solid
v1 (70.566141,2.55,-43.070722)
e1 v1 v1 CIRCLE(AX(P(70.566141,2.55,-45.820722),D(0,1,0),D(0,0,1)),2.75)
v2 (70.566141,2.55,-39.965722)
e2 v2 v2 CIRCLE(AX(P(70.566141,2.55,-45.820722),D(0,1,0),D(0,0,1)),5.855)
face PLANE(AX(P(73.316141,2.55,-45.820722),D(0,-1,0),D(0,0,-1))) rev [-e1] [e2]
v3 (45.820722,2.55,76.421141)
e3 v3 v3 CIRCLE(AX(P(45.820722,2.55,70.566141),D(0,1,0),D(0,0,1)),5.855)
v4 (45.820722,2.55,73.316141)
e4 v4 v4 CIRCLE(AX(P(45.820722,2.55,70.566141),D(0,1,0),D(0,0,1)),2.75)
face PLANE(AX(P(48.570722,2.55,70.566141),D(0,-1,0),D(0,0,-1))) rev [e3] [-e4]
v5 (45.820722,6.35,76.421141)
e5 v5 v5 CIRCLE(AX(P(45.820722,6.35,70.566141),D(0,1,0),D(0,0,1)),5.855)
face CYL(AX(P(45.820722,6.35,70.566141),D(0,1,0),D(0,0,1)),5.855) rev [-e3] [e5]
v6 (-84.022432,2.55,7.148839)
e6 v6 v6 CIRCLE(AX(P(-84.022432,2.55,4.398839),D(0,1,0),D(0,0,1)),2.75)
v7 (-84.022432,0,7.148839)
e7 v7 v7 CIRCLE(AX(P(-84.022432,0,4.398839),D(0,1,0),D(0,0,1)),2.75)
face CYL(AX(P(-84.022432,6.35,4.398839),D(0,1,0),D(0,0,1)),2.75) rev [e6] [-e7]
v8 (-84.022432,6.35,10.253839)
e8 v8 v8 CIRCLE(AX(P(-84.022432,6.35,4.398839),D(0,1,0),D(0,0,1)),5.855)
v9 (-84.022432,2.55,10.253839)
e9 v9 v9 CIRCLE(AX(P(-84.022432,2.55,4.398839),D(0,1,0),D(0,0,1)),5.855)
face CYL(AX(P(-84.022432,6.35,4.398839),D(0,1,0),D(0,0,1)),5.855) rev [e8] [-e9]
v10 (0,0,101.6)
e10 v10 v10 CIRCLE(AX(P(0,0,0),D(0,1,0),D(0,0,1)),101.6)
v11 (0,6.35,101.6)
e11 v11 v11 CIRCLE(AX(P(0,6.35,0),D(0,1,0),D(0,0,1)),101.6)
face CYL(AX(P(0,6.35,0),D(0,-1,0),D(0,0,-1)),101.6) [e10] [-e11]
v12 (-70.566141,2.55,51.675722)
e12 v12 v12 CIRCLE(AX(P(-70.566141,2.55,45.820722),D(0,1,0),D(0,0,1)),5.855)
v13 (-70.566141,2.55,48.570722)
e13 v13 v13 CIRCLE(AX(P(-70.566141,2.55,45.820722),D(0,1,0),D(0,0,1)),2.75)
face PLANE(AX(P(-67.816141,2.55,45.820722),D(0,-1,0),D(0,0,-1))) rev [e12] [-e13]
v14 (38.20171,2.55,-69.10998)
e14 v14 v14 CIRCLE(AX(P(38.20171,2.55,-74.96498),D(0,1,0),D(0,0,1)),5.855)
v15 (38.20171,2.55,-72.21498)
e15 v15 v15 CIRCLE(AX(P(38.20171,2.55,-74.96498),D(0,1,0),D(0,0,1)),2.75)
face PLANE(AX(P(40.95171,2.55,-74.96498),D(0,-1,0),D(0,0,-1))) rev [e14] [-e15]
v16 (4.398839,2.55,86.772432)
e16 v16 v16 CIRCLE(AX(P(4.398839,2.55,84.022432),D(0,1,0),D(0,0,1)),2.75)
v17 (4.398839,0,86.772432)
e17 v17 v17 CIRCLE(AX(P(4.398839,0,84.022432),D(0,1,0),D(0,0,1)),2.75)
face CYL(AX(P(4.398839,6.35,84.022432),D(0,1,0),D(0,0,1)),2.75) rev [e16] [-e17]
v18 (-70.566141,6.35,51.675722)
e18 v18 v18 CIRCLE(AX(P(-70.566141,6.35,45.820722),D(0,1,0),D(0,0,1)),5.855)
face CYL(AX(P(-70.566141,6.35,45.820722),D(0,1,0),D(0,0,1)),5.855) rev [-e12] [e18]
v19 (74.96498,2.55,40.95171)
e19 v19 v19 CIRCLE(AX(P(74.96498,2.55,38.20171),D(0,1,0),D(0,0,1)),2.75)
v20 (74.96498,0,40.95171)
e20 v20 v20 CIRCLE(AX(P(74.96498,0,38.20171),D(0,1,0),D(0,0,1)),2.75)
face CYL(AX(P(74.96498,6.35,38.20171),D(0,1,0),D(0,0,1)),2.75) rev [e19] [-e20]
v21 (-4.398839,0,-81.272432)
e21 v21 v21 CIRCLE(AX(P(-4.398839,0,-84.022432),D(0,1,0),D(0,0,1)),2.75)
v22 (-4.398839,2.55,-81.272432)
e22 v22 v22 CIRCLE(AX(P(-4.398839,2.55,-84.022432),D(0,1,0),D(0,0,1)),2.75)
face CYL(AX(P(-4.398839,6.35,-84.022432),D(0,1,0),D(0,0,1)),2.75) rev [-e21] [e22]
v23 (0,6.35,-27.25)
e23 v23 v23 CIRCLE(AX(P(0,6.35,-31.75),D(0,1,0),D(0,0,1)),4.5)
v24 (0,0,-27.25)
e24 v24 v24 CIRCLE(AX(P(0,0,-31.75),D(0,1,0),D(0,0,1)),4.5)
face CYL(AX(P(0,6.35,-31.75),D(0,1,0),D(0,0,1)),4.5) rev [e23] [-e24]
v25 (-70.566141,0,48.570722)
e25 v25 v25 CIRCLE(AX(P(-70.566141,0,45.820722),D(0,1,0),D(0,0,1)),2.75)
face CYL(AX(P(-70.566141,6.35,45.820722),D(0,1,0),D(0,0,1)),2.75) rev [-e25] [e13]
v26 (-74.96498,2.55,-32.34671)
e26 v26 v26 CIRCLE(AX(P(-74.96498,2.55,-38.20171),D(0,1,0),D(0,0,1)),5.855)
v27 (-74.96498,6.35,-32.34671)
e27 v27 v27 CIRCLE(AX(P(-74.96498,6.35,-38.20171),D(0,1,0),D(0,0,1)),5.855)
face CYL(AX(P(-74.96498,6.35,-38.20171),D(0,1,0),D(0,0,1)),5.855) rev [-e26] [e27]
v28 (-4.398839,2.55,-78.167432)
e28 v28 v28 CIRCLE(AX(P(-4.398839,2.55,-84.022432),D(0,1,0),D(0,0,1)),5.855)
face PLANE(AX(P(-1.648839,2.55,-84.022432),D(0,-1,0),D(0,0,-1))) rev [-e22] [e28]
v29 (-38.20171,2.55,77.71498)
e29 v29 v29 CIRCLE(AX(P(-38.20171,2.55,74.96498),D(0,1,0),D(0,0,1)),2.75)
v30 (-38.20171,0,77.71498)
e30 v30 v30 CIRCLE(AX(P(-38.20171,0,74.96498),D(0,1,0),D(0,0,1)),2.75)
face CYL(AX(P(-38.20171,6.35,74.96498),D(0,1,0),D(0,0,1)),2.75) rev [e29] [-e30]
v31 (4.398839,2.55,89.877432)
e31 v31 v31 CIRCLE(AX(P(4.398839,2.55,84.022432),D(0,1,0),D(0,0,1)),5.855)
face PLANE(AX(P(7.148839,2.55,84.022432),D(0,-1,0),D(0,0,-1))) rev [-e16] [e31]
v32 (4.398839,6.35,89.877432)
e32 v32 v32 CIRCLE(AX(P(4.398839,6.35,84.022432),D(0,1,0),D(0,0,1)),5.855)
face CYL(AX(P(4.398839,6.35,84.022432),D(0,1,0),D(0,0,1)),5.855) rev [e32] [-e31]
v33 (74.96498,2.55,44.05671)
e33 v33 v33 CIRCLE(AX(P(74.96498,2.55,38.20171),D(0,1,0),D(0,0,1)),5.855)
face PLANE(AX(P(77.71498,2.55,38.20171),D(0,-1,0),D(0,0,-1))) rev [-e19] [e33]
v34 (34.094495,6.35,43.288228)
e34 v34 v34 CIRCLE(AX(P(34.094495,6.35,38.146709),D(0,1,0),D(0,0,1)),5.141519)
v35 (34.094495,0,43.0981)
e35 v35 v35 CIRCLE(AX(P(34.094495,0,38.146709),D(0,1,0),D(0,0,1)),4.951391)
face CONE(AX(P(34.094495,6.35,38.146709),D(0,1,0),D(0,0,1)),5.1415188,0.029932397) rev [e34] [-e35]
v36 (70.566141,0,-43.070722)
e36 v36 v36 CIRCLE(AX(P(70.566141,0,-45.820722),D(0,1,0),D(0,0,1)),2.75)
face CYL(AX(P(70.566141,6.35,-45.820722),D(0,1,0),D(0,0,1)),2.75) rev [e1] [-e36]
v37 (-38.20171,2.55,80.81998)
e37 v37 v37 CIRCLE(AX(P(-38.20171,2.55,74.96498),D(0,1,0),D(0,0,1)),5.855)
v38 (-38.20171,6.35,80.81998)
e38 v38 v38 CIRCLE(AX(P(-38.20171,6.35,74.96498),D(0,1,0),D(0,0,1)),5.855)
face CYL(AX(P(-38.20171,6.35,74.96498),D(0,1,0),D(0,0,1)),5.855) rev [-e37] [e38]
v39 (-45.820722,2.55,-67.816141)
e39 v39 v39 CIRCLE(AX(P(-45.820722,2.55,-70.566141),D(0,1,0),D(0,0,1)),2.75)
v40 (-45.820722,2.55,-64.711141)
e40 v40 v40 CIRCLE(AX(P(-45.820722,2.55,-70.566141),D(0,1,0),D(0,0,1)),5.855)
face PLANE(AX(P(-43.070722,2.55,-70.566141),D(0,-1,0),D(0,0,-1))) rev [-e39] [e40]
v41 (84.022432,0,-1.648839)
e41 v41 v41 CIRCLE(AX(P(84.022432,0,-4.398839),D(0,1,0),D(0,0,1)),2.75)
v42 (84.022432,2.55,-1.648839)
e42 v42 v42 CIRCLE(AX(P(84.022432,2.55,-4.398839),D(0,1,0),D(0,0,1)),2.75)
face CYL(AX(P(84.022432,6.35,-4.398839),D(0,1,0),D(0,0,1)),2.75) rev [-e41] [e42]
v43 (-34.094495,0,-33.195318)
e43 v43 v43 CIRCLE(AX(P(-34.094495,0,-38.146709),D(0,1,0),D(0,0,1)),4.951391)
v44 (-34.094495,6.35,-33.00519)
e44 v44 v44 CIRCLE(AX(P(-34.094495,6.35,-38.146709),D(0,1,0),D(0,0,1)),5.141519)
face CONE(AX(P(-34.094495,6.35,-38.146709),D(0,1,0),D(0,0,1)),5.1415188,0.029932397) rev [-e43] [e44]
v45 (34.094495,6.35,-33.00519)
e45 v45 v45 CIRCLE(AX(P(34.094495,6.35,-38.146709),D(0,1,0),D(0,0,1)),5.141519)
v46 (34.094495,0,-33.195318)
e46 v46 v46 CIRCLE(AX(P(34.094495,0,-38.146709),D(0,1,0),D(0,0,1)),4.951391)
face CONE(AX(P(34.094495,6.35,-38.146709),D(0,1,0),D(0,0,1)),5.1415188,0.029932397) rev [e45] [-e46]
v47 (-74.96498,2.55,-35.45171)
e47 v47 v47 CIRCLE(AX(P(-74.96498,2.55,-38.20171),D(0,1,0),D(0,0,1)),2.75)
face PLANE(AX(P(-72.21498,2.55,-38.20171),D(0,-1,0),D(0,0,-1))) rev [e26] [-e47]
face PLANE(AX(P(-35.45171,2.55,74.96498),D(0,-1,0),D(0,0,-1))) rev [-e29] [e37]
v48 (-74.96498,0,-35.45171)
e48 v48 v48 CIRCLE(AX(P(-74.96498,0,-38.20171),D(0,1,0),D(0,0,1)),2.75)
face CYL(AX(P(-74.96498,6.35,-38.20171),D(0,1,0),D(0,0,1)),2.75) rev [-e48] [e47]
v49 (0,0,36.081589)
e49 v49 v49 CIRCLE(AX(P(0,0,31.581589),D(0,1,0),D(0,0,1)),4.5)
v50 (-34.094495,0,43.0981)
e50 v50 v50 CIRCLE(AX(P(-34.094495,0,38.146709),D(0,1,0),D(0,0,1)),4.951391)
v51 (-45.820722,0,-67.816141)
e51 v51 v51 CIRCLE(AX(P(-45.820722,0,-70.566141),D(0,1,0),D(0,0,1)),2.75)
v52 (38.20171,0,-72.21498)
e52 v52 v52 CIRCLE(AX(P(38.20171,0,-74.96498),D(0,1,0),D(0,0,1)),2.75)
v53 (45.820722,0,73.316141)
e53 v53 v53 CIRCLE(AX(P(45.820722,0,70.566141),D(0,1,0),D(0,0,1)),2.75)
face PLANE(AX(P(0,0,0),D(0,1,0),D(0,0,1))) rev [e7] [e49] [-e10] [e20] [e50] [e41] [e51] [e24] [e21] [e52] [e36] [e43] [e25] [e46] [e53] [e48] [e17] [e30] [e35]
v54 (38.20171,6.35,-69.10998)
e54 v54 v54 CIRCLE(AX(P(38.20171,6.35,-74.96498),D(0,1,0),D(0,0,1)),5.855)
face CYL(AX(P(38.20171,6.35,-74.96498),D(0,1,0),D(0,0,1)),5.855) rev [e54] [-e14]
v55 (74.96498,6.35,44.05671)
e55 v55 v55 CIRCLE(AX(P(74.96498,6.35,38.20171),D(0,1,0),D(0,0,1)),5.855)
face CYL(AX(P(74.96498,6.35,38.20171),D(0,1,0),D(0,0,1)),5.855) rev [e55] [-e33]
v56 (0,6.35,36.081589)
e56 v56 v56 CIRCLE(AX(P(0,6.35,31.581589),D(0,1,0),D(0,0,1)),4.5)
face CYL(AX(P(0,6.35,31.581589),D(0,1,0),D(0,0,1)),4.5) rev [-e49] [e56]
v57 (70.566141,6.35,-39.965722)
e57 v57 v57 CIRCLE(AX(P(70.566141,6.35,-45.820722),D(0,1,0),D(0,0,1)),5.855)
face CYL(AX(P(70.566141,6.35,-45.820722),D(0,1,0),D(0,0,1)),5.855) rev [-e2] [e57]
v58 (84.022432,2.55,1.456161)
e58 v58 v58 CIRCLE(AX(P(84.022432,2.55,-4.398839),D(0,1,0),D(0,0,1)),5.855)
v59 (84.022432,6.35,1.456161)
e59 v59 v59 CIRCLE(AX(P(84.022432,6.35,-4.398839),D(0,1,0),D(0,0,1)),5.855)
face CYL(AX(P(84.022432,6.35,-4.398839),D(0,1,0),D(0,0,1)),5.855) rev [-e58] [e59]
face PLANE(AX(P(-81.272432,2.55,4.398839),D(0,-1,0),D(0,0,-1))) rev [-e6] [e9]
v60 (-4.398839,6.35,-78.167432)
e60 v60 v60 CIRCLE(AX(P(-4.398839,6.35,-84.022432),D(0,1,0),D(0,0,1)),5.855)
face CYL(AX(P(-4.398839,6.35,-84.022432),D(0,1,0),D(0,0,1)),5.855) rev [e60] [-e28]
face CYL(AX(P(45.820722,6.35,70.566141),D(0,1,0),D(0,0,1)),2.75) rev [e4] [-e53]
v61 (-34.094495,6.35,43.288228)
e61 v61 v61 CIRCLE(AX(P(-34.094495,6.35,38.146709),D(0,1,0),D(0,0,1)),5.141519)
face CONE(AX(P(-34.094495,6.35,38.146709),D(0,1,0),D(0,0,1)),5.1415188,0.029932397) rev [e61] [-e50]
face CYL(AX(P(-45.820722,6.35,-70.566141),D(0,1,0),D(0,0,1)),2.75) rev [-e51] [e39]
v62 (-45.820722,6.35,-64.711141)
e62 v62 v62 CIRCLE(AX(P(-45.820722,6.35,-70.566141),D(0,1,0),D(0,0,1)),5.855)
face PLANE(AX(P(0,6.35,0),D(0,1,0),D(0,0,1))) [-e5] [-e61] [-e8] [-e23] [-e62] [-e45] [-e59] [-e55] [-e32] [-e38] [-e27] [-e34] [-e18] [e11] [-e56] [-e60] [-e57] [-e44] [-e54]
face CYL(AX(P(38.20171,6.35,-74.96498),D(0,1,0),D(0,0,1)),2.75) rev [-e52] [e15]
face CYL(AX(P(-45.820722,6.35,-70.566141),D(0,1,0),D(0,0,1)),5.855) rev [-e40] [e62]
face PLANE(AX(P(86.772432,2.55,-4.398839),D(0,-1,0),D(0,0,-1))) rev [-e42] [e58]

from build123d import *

# Parameters (mm, degrees)
SKETCH1_R                                        = 101.6
SKETCH1_R_2                                      = 0.254
BOSS_EXTRUDE1_DEPTH                              = 6.35
CBORE_FOR_M5_HEX_HEAD_MACHINE_SCREW1_D           = 5.5
CBORE_FOR_M5_HEX_HEAD_MACHINE_SCREW1_CBORE_D     = 11.71
CBORE_FOR_M5_HEX_HEAD_MACHINE_SCREW1_CBORE_DEPTH = 3.8
CIRPATTERN1_COUNT                                = 12
F_1_8_NPT_TAPPED_HOLE1_AT_2_COUNT                = 2
F_1_8_NPT_TAPPED_HOLE1_AT_2_PITCH                = 68.188989136
F_1_8_NPT_TAPPED_HOLE1_AT_3_COUNT                = 2
F_1_8_NPT_TAPPED_HOLE1_AT_3_PITCH                = 102.325089279
F_1_8_NPT_TAPPED_HOLE1_AT_4_COUNT                = 2
F_1_8_NPT_TAPPED_HOLE1_AT_4_PITCH                = 76.293418173
M10X1_0_TAPPED_HOLE1_D                           = 9
M10X1_0_TAPPED_HOLE1_DEPTH                       = 25.146
M10X1_0_TAPPED_HOLE1_TIP                         = 2.703872786


with BuildPart() as part:
    # Sketch1 → Boss-Extrude1 (new body)
    with BuildSketch(Plane(origin=(0, 0, 0), x_dir=(1, 0, 0), z_dir=(0, 1, 0))):
        with Locations(Location((0, 0, 0), (0, 0, 270))):
            Circle(SKETCH1_R)
        with Locations(Location((-74.964980341, 38.201709762, 0), (0, 0, 270))):
            Circle(SKETCH1_R_2, mode=Mode.SUBTRACT)
    extrude(amount=BOSS_EXTRUDE1_DEPTH)

    # CBORE for M5 Hex Head Machine Screw1 (through all)
    with Locations(Plane(origin=(0, 6.35, 0), x_dir=(1, 0, 0), z_dir=(0, 1, 0))):
        with Locations((-74.964980341, 38.201709762)):
            cbore_for_m5_hex_head_machine_screw1 = CounterBoreHole(CBORE_FOR_M5_HEX_HEAD_MACHINE_SCREW1_D / 2, CBORE_FOR_M5_HEX_HEAD_MACHINE_SCREW1_CBORE_D / 2, CBORE_FOR_M5_HEX_HEAD_MACHINE_SCREW1_CBORE_DEPTH)

    # CirPattern1: CBORE for M5 Hex Head Machine Screw1 ×12 about axis
    cirpattern1_axis = Axis((0, 0, 0), (0, 1, 0))
    for i in range(1, CIRPATTERN1_COUNT):
        add(cbore_for_m5_hex_head_machine_screw1.rotate(cirpattern1_axis, i * 360 / CIRPATTERN1_COUNT), mode=Mode.SUBTRACT)

    # Sketch10 → 1/8 NPT Tapped Hole1 (revolve, cut)
    with BuildSketch(Plane(origin=(-34.094494568, 6.35, -38.146709086), x_dir=(0, 0, 1), z_dir=(1, 0, 0))):
        Polygon((0, 0), (0, 6.35), (4.2164, 6.35), (4.2164, 6.858), (4.936181096, 6.858), (5.1415188, 0), align=None)
    f_1_8_npt_tapped_hole1 = revolve(axis=Axis((-34.094494568, 12.7, -38.146709086), (0, -1, 0)), mode=Mode.SUBTRACT)

    # 1/8 NPT Tapped Hole1 at 2: 1/8 NPT Tapped Hole1 ×2
    with Locations(*[(i * F_1_8_NPT_TAPPED_HOLE1_AT_2_PITCH, 0, 0) for i in range(1, F_1_8_NPT_TAPPED_HOLE1_AT_2_COUNT)]):
        add(f_1_8_npt_tapped_hole1, mode=Mode.SUBTRACT)

    # 1/8 NPT Tapped Hole1 at 3: 1/8 NPT Tapped Hole1 ×2
    with Locations(*[Vector(0.6663955987411356, 0, 0.7455983543292215) * (i * F_1_8_NPT_TAPPED_HOLE1_AT_3_PITCH) for i in range(1, F_1_8_NPT_TAPPED_HOLE1_AT_3_COUNT)]):
        add(f_1_8_npt_tapped_hole1, mode=Mode.SUBTRACT)

    # 1/8 NPT Tapped Hole1 at 4: 1/8 NPT Tapped Hole1 ×2
    with Locations(*[(0, 0, i * F_1_8_NPT_TAPPED_HOLE1_AT_4_PITCH) for i in range(1, F_1_8_NPT_TAPPED_HOLE1_AT_4_COUNT)]):
        add(f_1_8_npt_tapped_hole1, mode=Mode.SUBTRACT)

    # M10x1.0 Tapped Hole1
    with Locations(Plane(origin=(0, 6.35, -31.75), x_dir=(0, 0, 1), z_dir=(0, 1, 0))):
        with Locations((0, 0), (63.331589409, 0)):
            Hole(M10X1_0_TAPPED_HOLE1_D / 2, depth=M10X1_0_TAPPED_HOLE1_DEPTH)
            with Locations((0, 0, -(M10X1_0_TAPPED_HOLE1_DEPTH + M10X1_0_TAPPED_HOLE1_TIP / 2))):  # 118° drill point
                Cone(0, M10X1_0_TAPPED_HOLE1_D / 2, M10X1_0_TAPPED_HOLE1_TIP, mode=Mode.SUBTRACT)


solid = part.part
